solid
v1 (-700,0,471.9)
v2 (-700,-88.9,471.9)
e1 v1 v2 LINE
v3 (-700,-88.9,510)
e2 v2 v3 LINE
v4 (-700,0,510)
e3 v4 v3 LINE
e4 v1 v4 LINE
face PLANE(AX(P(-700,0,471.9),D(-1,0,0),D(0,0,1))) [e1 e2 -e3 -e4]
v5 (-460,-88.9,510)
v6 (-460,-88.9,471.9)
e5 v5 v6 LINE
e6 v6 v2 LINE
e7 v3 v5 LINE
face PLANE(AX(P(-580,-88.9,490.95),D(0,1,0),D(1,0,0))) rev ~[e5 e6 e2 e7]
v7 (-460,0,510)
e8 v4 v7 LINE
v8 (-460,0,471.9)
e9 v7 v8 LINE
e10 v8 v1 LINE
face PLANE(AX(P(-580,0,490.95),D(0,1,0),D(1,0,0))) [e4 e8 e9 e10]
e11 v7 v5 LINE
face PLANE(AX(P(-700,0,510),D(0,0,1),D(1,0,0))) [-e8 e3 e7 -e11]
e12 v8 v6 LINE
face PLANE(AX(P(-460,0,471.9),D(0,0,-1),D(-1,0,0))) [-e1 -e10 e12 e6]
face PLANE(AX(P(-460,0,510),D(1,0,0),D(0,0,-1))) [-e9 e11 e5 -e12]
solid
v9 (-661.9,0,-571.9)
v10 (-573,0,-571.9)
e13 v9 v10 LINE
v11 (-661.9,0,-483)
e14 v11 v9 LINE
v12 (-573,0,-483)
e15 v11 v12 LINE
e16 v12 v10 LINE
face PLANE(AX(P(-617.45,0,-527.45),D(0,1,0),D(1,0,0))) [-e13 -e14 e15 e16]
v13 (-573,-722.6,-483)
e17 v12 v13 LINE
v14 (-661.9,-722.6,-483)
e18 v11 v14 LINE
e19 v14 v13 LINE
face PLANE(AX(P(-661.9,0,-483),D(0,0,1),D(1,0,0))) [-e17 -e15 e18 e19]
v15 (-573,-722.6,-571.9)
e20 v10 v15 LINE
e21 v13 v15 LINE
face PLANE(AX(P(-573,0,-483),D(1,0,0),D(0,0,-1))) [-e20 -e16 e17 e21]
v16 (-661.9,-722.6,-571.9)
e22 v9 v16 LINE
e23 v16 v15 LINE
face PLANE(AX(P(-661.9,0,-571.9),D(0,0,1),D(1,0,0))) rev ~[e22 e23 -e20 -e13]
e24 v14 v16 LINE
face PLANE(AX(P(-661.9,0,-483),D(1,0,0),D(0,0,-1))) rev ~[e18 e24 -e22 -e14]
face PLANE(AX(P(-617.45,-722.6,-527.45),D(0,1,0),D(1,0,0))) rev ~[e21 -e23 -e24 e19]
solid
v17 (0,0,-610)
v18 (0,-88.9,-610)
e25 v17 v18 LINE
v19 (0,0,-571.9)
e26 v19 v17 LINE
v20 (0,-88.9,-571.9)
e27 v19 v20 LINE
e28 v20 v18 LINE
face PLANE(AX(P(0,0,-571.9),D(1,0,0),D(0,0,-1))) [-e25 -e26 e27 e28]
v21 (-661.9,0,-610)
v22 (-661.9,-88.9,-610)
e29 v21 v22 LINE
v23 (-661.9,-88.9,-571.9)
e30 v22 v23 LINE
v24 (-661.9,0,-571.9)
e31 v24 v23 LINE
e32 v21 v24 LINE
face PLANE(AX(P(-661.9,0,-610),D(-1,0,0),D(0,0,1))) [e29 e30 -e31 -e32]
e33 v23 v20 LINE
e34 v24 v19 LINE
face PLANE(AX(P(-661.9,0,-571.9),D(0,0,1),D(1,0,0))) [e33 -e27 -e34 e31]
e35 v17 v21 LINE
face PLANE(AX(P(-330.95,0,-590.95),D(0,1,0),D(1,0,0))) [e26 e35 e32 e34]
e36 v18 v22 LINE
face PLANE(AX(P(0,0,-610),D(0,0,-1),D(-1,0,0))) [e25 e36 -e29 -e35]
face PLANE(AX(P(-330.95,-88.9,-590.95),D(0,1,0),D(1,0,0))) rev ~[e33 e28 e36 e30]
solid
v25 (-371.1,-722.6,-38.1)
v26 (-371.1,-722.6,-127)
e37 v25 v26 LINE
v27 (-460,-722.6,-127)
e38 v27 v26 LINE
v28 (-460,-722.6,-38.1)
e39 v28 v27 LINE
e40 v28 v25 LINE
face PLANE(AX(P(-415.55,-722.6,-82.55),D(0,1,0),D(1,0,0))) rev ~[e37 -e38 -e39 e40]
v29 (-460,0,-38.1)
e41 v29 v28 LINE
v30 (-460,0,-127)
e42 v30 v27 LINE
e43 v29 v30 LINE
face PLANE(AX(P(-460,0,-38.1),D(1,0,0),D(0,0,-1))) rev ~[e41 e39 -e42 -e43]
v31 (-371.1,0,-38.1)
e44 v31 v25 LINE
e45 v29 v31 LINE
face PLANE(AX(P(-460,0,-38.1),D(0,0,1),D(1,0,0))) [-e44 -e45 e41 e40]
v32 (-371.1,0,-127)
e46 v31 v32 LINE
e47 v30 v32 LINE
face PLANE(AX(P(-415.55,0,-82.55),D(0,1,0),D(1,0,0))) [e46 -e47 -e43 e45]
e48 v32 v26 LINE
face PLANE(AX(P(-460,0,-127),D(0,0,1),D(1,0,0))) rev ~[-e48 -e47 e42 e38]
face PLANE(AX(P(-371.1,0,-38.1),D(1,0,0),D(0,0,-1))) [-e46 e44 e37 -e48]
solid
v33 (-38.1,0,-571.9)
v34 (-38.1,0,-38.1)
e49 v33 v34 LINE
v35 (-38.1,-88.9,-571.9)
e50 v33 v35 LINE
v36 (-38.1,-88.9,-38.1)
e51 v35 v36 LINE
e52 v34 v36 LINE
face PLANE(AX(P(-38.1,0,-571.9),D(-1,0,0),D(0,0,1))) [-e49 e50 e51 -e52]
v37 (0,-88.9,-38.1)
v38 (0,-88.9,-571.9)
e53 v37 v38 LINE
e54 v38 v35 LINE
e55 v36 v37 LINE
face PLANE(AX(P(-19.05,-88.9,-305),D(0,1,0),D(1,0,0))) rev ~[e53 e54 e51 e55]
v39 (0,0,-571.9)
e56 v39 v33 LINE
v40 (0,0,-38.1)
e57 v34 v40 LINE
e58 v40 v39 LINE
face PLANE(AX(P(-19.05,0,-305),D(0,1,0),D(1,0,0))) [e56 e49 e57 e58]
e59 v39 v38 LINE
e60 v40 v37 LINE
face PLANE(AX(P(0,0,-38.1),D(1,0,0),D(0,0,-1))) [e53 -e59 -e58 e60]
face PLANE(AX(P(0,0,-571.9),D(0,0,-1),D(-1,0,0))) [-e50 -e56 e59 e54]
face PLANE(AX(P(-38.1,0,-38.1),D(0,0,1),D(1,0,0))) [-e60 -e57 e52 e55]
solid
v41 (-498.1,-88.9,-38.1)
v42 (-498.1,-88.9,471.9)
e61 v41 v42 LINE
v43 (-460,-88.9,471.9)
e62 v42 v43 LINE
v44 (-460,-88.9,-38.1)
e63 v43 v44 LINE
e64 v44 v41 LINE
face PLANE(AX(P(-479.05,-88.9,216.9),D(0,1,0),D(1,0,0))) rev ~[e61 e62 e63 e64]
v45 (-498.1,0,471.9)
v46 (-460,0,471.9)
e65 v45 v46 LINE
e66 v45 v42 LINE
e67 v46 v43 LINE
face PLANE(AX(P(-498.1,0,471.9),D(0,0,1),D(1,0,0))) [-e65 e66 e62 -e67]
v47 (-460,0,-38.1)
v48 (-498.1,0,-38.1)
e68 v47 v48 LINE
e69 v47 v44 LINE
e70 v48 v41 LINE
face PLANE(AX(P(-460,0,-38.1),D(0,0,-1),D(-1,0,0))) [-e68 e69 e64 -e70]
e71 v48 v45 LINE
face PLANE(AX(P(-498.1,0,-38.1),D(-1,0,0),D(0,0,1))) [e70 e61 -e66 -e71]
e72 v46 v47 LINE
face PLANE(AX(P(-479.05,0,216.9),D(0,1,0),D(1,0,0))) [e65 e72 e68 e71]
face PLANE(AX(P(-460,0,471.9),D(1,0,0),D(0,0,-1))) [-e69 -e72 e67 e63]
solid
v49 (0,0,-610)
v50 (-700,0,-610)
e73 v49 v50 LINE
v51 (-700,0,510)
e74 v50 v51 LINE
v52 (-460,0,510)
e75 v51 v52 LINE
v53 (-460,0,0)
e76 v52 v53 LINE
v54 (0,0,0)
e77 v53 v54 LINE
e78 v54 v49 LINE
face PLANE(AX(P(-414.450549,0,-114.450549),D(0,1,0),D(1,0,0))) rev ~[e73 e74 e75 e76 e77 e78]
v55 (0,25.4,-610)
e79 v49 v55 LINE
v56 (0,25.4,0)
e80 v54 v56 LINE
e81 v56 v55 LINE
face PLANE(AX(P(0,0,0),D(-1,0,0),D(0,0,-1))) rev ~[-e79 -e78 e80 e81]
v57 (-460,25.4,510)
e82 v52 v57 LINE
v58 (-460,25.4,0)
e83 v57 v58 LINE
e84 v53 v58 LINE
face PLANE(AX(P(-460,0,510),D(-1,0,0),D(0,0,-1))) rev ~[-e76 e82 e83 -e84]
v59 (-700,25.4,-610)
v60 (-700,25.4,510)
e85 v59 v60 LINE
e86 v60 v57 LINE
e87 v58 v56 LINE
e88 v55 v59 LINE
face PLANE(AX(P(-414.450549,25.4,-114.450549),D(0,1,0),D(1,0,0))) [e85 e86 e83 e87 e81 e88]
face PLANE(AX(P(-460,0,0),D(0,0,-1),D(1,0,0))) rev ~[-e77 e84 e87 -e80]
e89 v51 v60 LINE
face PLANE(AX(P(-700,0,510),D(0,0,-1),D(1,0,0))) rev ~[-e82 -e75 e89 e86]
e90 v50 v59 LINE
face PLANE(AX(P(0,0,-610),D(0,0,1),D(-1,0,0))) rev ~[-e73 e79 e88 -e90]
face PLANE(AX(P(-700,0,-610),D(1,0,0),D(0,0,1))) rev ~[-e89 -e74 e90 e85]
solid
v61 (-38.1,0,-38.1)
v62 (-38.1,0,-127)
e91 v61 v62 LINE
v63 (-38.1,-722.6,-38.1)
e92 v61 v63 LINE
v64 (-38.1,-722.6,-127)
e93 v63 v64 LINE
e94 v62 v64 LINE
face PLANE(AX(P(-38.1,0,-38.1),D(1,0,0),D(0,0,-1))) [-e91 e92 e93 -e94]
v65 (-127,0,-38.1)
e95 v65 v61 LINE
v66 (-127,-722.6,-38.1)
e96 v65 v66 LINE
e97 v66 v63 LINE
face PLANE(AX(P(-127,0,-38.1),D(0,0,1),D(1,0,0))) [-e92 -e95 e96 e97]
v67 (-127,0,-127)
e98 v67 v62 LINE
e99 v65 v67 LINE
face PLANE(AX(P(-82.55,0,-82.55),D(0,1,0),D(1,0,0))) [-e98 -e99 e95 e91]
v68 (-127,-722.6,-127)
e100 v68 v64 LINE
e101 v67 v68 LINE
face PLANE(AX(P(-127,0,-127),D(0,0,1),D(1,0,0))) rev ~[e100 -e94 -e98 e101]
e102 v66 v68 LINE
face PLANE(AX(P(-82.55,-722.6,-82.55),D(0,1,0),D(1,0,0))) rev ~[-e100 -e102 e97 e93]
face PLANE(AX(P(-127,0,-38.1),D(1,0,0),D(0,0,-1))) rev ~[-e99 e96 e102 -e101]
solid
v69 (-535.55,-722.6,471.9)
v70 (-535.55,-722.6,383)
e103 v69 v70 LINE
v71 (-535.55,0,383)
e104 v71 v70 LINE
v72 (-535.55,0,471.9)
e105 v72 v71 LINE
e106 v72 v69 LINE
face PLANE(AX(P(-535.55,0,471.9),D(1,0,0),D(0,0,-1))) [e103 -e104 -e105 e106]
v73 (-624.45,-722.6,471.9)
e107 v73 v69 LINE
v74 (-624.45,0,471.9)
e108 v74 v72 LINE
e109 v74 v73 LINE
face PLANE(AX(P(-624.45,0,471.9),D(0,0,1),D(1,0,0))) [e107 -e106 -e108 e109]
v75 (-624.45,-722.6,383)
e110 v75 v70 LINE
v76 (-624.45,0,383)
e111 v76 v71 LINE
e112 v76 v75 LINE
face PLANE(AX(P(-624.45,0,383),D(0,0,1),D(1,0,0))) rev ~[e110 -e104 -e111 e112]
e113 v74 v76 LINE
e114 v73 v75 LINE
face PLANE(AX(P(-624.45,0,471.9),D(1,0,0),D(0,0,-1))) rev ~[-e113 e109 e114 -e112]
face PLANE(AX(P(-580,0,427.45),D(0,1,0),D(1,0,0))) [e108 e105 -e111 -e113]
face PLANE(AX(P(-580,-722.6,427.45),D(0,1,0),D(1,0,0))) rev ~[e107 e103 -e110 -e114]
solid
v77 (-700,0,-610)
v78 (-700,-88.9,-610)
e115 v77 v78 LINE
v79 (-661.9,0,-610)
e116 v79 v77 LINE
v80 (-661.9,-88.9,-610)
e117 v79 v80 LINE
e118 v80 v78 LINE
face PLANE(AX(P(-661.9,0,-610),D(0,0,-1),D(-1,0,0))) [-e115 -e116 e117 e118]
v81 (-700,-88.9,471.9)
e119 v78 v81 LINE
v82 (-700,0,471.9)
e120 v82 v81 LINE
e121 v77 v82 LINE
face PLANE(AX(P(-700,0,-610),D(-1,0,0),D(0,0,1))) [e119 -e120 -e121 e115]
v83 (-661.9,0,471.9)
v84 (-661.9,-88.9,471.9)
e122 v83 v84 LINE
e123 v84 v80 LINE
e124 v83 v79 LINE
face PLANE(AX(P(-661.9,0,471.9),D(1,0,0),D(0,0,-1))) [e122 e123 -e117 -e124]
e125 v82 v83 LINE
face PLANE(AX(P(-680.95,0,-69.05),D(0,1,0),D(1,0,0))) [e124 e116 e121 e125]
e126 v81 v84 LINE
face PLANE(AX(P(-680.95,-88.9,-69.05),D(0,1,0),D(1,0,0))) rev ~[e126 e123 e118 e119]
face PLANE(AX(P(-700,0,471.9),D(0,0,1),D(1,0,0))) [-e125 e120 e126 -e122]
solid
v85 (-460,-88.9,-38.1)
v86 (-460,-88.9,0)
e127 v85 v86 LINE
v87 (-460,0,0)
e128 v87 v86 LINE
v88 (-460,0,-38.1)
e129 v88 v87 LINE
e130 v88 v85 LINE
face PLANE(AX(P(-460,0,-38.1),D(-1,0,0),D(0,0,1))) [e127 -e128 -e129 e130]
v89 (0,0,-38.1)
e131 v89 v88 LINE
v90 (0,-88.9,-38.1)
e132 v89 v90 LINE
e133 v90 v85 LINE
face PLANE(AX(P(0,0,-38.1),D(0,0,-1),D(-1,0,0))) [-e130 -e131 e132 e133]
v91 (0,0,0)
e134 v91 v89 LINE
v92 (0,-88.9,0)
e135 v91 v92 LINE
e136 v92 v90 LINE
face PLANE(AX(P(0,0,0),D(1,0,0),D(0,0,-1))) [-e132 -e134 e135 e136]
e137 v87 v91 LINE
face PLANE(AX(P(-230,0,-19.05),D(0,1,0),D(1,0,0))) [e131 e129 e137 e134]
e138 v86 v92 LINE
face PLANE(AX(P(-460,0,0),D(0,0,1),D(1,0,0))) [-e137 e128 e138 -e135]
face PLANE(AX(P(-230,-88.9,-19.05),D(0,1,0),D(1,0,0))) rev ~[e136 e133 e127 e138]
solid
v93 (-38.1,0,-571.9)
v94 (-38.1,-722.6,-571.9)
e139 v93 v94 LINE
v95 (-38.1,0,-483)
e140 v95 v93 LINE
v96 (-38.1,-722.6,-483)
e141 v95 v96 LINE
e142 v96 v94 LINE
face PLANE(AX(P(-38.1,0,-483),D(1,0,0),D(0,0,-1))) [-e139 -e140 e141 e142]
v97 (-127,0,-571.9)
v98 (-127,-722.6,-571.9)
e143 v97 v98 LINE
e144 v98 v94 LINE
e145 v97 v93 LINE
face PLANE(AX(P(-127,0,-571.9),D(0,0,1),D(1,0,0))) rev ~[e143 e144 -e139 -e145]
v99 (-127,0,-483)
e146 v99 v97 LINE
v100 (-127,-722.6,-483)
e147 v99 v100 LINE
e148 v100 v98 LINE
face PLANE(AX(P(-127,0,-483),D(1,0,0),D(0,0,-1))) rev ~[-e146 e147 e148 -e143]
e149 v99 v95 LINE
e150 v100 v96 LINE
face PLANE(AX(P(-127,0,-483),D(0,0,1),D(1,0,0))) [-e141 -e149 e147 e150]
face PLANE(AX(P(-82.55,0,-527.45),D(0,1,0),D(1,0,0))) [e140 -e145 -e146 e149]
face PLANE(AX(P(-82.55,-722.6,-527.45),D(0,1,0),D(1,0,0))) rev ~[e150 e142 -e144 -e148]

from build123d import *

# Parameters (mm, degrees)
BOSS_EXTRUDE1_DEPTH   = 25.4
SKETCH1_3_W           = 88.9
SKETCH1_3_H           = 88.9
BOSS_EXTRUDE2_DEPTH   = 722.6
BOSS_EXTRUDE2_2_DEPTH = 722.6
BOSS_EXTRUDE2_3_DEPTH = 722.6
BOSS_EXTRUDE2_4_DEPTH = 722.6
BOSS_EXTRUDE2_5_DEPTH = 722.6
BOSS_EXTRUDE3_DEPTH   = 88.9
BOSS_EXTRUDE4_DEPTH   = 88.9
BOSS_EXTRUDE6_DEPTH   = 88.9
BOSS_EXTRUDE7_DEPTH   = 88.9
BOSS_EXTRUDE8_DEPTH   = 88.9
BOSS_EXTRUDE9_DEPTH   = 88.9


with BuildPart() as part:
    # Sketch1 → Boss-Extrude1 (new body)
    with BuildSketch(Plane(origin=(0, 0, 0), x_dir=(1, 0, 0), z_dir=(0, 1, 0))):
        Polygon((-700, -510), (-460, -510), (-460, 0), (0, 0), (0, 610), (-700, 610), align=None)
    extrude(amount=BOSS_EXTRUDE1_DEPTH)


with BuildPart() as body_2:
    # Sketch1<3> → Boss-Extrude2 (new body)
    with BuildSketch(Plane(origin=(0, 0, 0), x_dir=(1, 0, 0), z_dir=(0, 1, 0))):
        with Locations((-580, -427.45)):
            Rectangle(SKETCH1_3_W, SKETCH1_3_H)
    extrude(amount=-BOSS_EXTRUDE2_DEPTH)


with BuildPart() as body_3:
    # Sketch1<3> → Boss-Extrude2 2 (new body)
    with BuildSketch(Plane(origin=(0, 0, 0), x_dir=(1, 0, 0), z_dir=(0, 1, 0))):
        with Locations((-415.55, 82.55)):
            Rectangle(SKETCH1_3_W, SKETCH1_3_H)
    extrude(amount=-BOSS_EXTRUDE2_2_DEPTH)


with BuildPart() as body_4:
    # Sketch1<3> → Boss-Extrude2 3 (new body)
    with BuildSketch(Plane(origin=(0, 0, 0), x_dir=(1, 0, 0), z_dir=(0, 1, 0))):
        with Locations((-82.55, 82.55)):
            Rectangle(SKETCH1_3_W, SKETCH1_3_H)
    extrude(amount=-BOSS_EXTRUDE2_3_DEPTH)


with BuildPart() as body_5:
    # Sketch1<3> → Boss-Extrude2 4 (new body)
    with BuildSketch(Plane(origin=(0, 0, 0), x_dir=(1, 0, 0), z_dir=(0, 1, 0))):
        with Locations((-82.55, 527.45)):
            Rectangle(SKETCH1_3_W, SKETCH1_3_H)
    extrude(amount=-BOSS_EXTRUDE2_4_DEPTH)


with BuildPart() as body_6:
    # Sketch1<3> → Boss-Extrude2 5 (new body)
    with BuildSketch(Plane(origin=(0, 0, 0), x_dir=(1, 0, 0), z_dir=(0, 1, 0))):
        with Locations((-617.45, 527.45)):
            Rectangle(SKETCH1_3_W, SKETCH1_3_H)
    extrude(amount=-BOSS_EXTRUDE2_5_DEPTH)


with BuildPart() as body_7:
    # Sketch1<4> → Boss-Extrude3 (new body)
    with BuildSketch(Plane(origin=(0, 0, 0), x_dir=(1, 0, 0), z_dir=(0, 1, 0))):
        Polygon((-460, 38.1), (-460, 0), (0, 0), (0, 38.1), (-38.1, 38.1), (-127, 38.1), (-371.1, 38.1), align=None)
    extrude(amount=-BOSS_EXTRUDE3_DEPTH)


with BuildPart() as body_8:
    # Sketch1<5> → Boss-Extrude4 (new body)
    with BuildSketch(Plane(origin=(0, 0, 0), x_dir=(1, 0, 0), z_dir=(0, 1, 0))):
        Polygon((-498.1, -471.9), (-460, -471.9), (-460, 0), (-460, 38.1), (-498.1, 38.1), align=None)
    extrude(amount=-BOSS_EXTRUDE4_DEPTH)


with BuildPart() as body_9:
    # Sketch1<6> → Boss-Extrude6 (new body)
    with BuildSketch(Plane(origin=(0, 0, 0), x_dir=(1, 0, 0), z_dir=(0, 1, 0))):
        Polygon((-700, -471.9), (-700, -510), (-460, -510), (-460, -471.9), (-498.1, -471.9), (-535.55, -471.9), (-624.45, -471.9), (-661.9, -471.9), align=None)
    extrude(amount=-BOSS_EXTRUDE6_DEPTH)


with BuildPart() as body_10:
    # Sketch1<7> → Boss-Extrude7 (new body)
    with BuildSketch(Plane(origin=(0, 0, 0), x_dir=(1, 0, 0), z_dir=(0, 1, 0))):
        Polygon((-700, 610), (-700, -471.9), (-661.9, -471.9), (-661.9, 483), (-661.9, 571.9), (-661.9, 610), align=None)
    extrude(amount=-BOSS_EXTRUDE7_DEPTH)


with BuildPart() as body_11:
    # Sketch1<8> → Boss-Extrude8 (new body)
    with BuildSketch(Plane(origin=(0, 0, 0), x_dir=(1, 0, 0), z_dir=(0, 1, 0))):
        Polygon((0, 610), (-661.9, 610), (-661.9, 571.9), (-573, 571.9), (-127, 571.9), (-38.1, 571.9), (0, 571.9), align=None)
    extrude(amount=-BOSS_EXTRUDE8_DEPTH)


with BuildPart() as body_12:
    # Sketch1<9> → Boss-Extrude9 (new body)
    with BuildSketch(Plane(origin=(0, 0, 0), x_dir=(1, 0, 0), z_dir=(0, 1, 0))):
        Polygon((-38.1, 38.1), (0, 38.1), (0, 571.9), (-38.1, 571.9), (-38.1, 483), (-38.1, 127), align=None)
    extrude(amount=-BOSS_EXTRUDE9_DEPTH)


solid = Compound([part.part, body_2.part, body_3.part, body_4.part, body_5.part, body_6.part, body_7.part, body_8.part, body_9.part, body_10.part, body_11.part, body_12.part])
